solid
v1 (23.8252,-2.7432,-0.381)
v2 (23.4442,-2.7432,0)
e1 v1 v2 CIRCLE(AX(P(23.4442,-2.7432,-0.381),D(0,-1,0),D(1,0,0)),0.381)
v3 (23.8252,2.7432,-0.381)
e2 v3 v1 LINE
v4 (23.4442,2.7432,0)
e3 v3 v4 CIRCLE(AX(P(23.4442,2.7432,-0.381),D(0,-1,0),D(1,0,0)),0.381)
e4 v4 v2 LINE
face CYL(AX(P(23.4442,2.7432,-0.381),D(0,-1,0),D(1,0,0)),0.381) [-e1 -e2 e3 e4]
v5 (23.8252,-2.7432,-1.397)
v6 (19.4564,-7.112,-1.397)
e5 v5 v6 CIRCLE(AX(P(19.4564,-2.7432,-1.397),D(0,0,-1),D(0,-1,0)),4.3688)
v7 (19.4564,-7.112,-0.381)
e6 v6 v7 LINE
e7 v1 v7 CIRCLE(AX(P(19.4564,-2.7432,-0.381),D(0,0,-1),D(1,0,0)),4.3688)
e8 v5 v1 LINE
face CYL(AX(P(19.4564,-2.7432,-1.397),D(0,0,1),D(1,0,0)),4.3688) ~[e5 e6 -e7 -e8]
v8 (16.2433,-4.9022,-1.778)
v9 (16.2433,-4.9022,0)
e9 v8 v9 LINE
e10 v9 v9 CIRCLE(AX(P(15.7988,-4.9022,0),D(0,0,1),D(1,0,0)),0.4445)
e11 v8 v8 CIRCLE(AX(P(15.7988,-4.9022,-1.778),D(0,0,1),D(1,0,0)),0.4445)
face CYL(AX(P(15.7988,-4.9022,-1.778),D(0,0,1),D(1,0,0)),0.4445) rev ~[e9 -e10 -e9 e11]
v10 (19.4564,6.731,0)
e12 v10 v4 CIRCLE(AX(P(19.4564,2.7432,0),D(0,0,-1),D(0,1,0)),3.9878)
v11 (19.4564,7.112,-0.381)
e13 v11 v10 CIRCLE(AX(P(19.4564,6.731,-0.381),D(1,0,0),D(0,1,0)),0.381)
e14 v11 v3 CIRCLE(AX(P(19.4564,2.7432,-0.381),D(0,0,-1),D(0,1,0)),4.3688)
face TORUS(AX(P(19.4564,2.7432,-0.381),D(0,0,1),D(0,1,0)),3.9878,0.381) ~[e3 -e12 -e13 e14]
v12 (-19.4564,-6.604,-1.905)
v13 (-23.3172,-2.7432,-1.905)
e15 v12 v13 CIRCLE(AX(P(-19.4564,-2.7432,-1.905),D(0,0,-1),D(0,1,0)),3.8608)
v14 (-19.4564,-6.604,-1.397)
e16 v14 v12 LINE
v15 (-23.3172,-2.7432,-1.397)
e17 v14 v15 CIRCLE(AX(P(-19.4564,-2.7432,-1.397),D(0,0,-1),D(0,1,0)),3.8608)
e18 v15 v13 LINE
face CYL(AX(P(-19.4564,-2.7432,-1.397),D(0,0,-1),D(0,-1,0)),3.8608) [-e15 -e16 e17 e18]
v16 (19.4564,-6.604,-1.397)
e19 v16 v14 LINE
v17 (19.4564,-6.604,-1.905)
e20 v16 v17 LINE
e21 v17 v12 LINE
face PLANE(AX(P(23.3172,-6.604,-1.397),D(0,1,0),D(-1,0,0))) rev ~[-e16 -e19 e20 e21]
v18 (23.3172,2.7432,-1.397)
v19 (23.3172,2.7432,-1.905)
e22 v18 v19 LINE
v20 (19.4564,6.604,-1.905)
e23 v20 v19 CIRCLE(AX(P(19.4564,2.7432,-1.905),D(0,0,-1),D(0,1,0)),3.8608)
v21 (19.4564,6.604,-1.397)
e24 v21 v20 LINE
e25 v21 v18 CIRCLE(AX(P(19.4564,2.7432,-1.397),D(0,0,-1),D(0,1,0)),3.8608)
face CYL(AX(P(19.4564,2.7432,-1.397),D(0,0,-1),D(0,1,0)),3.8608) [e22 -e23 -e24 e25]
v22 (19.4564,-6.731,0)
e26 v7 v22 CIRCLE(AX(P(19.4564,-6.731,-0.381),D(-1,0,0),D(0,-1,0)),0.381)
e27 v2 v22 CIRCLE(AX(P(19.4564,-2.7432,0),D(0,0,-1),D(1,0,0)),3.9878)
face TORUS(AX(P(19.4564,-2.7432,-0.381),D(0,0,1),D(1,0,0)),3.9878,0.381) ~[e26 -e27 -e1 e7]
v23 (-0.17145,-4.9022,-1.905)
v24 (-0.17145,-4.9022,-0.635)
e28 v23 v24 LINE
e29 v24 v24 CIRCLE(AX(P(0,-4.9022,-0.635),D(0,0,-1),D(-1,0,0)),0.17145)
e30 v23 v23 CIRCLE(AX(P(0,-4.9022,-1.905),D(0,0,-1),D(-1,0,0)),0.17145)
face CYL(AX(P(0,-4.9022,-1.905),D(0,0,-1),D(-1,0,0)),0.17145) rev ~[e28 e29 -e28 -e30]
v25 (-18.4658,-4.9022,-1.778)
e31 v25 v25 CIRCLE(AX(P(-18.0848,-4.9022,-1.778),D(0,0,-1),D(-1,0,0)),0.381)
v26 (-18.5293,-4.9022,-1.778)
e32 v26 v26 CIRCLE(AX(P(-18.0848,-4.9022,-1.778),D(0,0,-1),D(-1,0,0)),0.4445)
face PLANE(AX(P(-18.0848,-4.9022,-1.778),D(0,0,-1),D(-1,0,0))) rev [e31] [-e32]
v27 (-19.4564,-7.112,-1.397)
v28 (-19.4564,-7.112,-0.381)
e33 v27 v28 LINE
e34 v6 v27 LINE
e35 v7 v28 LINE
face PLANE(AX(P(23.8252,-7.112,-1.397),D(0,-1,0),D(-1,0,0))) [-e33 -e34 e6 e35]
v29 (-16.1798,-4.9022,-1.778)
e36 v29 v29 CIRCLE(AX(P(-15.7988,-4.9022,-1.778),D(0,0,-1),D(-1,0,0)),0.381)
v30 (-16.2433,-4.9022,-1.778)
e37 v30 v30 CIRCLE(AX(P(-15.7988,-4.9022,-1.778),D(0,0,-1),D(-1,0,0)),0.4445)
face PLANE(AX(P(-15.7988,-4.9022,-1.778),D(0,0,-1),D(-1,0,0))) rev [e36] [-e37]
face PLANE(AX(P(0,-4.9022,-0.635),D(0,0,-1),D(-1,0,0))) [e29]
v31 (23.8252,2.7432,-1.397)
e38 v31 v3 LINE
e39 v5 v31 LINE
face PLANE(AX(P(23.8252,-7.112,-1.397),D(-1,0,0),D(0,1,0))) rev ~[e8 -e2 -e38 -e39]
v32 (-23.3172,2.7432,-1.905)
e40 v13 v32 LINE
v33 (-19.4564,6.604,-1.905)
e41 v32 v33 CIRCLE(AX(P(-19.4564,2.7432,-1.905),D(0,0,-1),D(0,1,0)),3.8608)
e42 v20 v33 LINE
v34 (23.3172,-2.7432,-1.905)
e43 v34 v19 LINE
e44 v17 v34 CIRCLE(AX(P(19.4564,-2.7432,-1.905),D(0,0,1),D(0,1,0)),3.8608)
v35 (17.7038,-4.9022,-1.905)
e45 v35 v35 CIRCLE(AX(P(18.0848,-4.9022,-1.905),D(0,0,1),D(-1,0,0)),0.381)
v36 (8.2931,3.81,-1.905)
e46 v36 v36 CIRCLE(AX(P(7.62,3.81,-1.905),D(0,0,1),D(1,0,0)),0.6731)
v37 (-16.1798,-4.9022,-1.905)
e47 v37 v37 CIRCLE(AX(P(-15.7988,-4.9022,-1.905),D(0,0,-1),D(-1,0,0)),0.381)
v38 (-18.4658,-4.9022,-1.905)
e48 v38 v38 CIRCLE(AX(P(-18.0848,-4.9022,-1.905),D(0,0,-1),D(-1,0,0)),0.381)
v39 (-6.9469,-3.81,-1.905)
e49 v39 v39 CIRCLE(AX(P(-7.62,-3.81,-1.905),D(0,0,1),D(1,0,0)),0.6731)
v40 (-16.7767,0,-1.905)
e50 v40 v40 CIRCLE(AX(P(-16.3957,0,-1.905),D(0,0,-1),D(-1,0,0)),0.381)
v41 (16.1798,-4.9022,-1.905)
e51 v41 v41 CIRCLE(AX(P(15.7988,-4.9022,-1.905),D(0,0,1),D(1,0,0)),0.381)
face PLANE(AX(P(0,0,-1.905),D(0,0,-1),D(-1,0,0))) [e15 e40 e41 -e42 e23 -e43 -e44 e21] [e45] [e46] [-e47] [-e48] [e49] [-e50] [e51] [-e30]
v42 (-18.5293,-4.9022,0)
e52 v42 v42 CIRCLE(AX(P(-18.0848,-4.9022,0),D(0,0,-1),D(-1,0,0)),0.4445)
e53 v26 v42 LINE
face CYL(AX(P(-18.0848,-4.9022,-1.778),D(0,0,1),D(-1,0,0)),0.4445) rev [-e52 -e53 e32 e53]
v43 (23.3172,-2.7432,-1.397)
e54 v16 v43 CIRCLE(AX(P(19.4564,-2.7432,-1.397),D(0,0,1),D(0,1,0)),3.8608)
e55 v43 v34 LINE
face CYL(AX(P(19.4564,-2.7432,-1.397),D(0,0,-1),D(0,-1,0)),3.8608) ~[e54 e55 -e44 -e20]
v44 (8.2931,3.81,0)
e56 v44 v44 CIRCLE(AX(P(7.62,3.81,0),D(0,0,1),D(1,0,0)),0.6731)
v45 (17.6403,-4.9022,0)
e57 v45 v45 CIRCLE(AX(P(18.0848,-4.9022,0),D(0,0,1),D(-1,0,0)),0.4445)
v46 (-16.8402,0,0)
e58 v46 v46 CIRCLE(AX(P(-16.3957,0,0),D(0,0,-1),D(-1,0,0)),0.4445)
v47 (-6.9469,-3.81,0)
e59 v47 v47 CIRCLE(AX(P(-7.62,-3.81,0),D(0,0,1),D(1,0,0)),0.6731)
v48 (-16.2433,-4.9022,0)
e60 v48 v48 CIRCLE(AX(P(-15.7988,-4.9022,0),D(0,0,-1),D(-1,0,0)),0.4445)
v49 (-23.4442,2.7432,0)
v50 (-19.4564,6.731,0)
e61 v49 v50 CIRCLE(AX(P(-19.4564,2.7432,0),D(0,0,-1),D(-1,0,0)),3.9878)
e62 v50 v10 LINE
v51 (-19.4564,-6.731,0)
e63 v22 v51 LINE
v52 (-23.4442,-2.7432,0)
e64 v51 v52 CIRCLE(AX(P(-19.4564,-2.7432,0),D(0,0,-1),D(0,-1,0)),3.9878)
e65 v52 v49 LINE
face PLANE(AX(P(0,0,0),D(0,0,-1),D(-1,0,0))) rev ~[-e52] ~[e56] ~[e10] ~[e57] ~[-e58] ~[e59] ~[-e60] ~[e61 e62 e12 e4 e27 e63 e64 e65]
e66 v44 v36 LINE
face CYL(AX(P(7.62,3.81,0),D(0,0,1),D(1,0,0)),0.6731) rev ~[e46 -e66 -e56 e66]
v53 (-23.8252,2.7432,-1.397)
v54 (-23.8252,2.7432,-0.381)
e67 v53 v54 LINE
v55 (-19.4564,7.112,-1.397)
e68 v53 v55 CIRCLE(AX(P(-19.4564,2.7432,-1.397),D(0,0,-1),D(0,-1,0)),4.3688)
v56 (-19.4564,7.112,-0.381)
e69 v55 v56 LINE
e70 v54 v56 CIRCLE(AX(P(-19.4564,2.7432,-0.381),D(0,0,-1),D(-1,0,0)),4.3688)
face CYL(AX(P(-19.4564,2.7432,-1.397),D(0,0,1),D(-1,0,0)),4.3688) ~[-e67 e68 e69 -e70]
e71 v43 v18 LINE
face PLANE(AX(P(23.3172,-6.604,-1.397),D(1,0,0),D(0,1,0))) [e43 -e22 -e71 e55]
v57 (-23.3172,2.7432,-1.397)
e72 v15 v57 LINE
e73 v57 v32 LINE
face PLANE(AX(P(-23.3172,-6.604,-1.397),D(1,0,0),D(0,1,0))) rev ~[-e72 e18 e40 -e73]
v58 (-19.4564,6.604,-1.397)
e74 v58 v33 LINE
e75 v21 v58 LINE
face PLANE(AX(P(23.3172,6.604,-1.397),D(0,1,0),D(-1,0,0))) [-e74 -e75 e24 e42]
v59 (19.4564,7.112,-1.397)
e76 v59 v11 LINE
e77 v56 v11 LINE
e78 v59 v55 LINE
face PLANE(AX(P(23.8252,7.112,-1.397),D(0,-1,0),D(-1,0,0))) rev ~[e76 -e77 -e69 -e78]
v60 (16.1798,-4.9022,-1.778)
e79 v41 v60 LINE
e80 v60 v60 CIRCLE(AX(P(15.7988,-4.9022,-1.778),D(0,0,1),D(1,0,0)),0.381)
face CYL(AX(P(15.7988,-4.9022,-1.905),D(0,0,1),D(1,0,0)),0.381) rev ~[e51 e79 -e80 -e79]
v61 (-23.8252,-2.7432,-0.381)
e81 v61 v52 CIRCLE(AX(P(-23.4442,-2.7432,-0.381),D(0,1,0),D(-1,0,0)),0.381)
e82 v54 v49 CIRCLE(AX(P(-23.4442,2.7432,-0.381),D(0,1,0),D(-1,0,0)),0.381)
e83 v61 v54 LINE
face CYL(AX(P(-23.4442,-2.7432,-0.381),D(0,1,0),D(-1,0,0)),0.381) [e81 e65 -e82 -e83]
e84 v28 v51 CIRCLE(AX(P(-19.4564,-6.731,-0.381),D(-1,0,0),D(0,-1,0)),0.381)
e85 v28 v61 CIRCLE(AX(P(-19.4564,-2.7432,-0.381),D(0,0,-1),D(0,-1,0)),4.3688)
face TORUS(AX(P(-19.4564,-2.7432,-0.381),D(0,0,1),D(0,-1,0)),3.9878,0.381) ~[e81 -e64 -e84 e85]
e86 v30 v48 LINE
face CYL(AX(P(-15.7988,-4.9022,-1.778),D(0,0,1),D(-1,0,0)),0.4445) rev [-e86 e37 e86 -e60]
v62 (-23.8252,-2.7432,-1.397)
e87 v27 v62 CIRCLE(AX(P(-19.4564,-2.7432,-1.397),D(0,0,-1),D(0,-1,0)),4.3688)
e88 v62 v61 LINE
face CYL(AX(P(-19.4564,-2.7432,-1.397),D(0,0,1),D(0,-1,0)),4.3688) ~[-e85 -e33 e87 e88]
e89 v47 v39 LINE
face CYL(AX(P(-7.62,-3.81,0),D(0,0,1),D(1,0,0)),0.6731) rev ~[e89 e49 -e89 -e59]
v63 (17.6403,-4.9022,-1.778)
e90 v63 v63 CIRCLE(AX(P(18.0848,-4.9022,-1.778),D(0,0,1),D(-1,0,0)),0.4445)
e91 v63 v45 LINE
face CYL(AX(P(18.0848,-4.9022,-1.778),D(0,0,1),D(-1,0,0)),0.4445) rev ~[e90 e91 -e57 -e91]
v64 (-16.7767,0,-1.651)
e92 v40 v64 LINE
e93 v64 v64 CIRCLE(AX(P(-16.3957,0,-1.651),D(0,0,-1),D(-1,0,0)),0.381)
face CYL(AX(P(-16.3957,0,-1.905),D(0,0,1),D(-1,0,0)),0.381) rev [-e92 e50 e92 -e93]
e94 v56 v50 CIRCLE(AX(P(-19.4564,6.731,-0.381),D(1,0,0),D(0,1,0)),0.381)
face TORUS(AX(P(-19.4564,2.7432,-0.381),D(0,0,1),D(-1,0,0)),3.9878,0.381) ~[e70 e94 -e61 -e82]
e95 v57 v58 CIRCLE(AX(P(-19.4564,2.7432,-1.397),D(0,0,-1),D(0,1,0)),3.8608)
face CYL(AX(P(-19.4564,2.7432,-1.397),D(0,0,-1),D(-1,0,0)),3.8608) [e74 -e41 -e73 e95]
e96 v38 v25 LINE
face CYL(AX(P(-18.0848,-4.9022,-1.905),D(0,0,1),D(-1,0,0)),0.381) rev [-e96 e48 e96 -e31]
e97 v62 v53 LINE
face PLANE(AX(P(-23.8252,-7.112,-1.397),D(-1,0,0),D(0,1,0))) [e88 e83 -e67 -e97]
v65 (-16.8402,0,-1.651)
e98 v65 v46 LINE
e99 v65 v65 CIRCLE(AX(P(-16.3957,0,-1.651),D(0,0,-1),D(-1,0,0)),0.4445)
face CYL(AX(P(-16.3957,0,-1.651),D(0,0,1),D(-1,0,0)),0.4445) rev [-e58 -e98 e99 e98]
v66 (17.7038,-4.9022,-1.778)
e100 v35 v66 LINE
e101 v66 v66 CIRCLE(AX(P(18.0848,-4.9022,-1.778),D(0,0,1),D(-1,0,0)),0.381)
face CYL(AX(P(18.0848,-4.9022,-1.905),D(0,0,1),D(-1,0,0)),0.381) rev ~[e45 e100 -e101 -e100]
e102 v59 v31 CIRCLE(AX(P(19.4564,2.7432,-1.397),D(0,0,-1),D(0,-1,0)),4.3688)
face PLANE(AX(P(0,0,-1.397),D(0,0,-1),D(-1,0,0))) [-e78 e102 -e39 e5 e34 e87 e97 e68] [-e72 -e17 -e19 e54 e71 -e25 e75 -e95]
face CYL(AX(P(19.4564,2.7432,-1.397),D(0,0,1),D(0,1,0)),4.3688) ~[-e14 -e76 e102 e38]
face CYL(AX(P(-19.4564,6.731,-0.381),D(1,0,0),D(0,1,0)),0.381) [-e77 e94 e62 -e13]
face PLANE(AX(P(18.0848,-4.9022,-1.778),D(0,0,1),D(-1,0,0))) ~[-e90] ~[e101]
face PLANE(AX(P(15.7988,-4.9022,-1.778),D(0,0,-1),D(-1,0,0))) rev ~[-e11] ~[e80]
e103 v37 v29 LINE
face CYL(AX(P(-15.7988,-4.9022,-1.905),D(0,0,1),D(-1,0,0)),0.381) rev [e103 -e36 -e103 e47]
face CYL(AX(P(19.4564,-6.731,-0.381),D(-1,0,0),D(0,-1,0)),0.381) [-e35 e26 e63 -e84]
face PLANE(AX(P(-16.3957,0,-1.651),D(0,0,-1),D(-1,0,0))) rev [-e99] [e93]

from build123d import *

# Parameters (mm, degrees)
SKETCH1_W           = 47.6504
SKETCH1_H           = 14.224
BOSS_EXTRUDE1_DEPTH = 1.397
SKETCH2_W           = 46.6344
SKETCH2_H           = 13.208
BOSS_EXTRUDE2_DEPTH = 0.508
FILLET1_R           = 3.8608
FILLET2_R           = 3.8608
FILLET3_R           = 3.8608
FILLET4_R           = 3.8608
FILLET5_R           = 4.3688
FILLET6_R           = 4.3688
FILLET7_R           = 4.3688
FILLET8_R           = 4.3688
FILLET9_R           = 0.381
LPATTERN1_COUNT     = 2
LPATTERN1_PITCH     = 2.286
SKETCH7_R           = 0.6731
CUT_EXTRUDE1_DEPTH  = 25.936914886
SKETCH8_R           = 0.17145
CUT_EXTRUDE2_DEPTH  = 1.27


with BuildPart() as part:
    # Sketch1 → Boss-Extrude1 (new body)
    with BuildSketch(Plane(origin=(0, 0, -1.397), x_dir=(-1, 0, 0), z_dir=(0, 0, -1))):
        Rectangle(SKETCH1_W, SKETCH1_H)
    extrude(amount=-BOSS_EXTRUDE1_DEPTH)

    # Sketch2 → Boss-Extrude2 (add)
    with BuildSketch(Plane(origin=(0, 0, -1.397), x_dir=(-1, 0, 0), z_dir=(0, 0, -1))):
        Rectangle(SKETCH2_W, SKETCH2_H)
    extrude(amount=BOSS_EXTRUDE2_DEPTH)

    # Sketch3 → Cut-Revolve1 (revolve, cut)
    with BuildSketch(Plane.XZ, mode=Mode.PRIVATE) as cut_revolve1_sk:
        Polygon((-15.9512, 0), (-16.3957, 0), (-16.3957, -1.905), (-16.0147, -1.905), (-16.0147, -1.651), (-15.9512, -1.651), align=None)
    revolve(cut_revolve1_sk.sketch.rotate(Axis((-16.3957, 0, 0), (0, 0, -1)), 180), axis=Axis((-16.3957, 0, 0), (0, 0, -1)), mode=Mode.SUBTRACT)

    # Sketch6 → Cut-Revolve4 (revolve, cut)
    with BuildSketch(Plane.XZ.offset(4.9022), mode=Mode.PRIVATE) as cut_revolve4_sk:
        Polygon((-15.3543, 0), (-15.7988, 0), (-15.7988, -1.905), (-15.4178, -1.905), (-15.4178, -1.778), (-15.3543, -1.778), align=None)
    cut_revolve4 = revolve(cut_revolve4_sk.sketch.rotate(Axis((-15.7988, -4.9022, 0), (0, 0, -1)), 180), axis=Axis((-15.7988, -4.9022, 0), (0, 0, -1)), mode=Mode.SUBTRACT)

    # Fillet1
    fillet1_edges = [part.edges().sort_by_distance(p)[0] for p in [
        (23.3172, -6.604, -1.651),
    ]]
    fillet(fillet1_edges, radius=FILLET1_R)

    # Fillet2
    fillet2_edges = [part.edges().sort_by_distance(p)[0] for p in [
        (-23.3172, -6.604, -1.651),
    ]]
    fillet(fillet2_edges, radius=FILLET2_R)

    # Fillet3
    fillet3_edges = [part.edges().sort_by_distance(p)[0] for p in [
        (-23.3172, 6.604, -1.651),
    ]]
    fillet(fillet3_edges, radius=FILLET3_R)

    # Fillet4
    fillet4_edges = [part.edges().sort_by_distance(p)[0] for p in [
        (23.3172, 6.604, -1.651),
    ]]
    fillet(fillet4_edges, radius=FILLET4_R)

    # Fillet5
    fillet5_edges = [part.edges().sort_by_distance(p)[0] for p in [
        (-23.8252, -7.112, -0.6985),
    ]]
    fillet(fillet5_edges, radius=FILLET5_R)

    # Fillet6
    fillet6_edges = [part.edges().sort_by_distance(p)[0] for p in [
        (-23.8252, 7.112, -0.6985),
    ]]
    fillet(fillet6_edges, radius=FILLET6_R)

    # Fillet7
    fillet7_edges = [part.edges().sort_by_distance(p)[0] for p in [
        (23.8252, 7.112, -0.6985),
    ]]
    fillet(fillet7_edges, radius=FILLET7_R)

    # Fillet8
    fillet8_edges = [part.edges().sort_by_distance(p)[0] for p in [
        (23.8252, -7.112, -0.6985),
    ]]
    fillet(fillet8_edges, radius=FILLET8_R)

    # Fillet9
    fillet9_edges = [part.edges().sort_by_distance(p)[0] for p in [
        (-23.8252, 0, 0),
        (-22.545608106, -5.832408106, 0),
        (0, 7.112, 0),
        (-22.545608106, 5.832408106, 0),
        (23.8252, 0, 0),
        (22.545608106, 5.832408106, 0),
        (0, -7.112, 0),
        (22.545608106, -5.832408106, 0),
    ]]
    fillet(fillet9_edges, radius=FILLET9_R)

    # LPattern1: Cut-Revolve4 ×2
    with Locations(*[(-i * LPATTERN1_PITCH, 0, 0) for i in range(1, LPATTERN1_COUNT)]):
        add(cut_revolve4, mode=Mode.SUBTRACT)

    # Mirror1: Cut-Revolve4 across plane
    add(cut_revolve4.mirror(Plane(origin=(0, 0, 0), x_dir=(0, 0, 1), z_dir=(1, 0, 0))), mode=Mode.SUBTRACT)

    # Mirror1 copy 1 sketch → Mirror1 copy 1 (revolve, cut)
    with BuildSketch(Plane(origin=(2.286, -4.9022, 0), x_dir=(-1, 0, 0), z_dir=(0, -1, 0))):
        Polygon((-15.3543, 0), (-15.7988, 0), (-15.7988, 1.905), (-15.4178, 1.905), (-15.4178, 1.778), (-15.3543, 1.778), align=None)
    revolve(axis=Axis((18.0848, -4.9022, 0), (0, 0, 1)), mode=Mode.SUBTRACT)

    # Sketch7 → Cut-Extrude1 (cut, through all)
    with BuildSketch(Plane.XY):
        with Locations((-7.62, -3.81)):
            Circle(SKETCH7_R)
        with Locations((7.62, 3.81)):
            Circle(SKETCH7_R)
    extrude(amount=-CUT_EXTRUDE1_DEPTH, mode=Mode.SUBTRACT)

    # Sketch8 → Cut-Extrude2 (cut)
    with BuildSketch(Plane(origin=(0, 0, -1.905), x_dir=(-1, 0, 0), z_dir=(0, 0, -1))):
        with Locations((0, -4.9022)):
            Circle(SKETCH8_R)
    extrude(amount=-CUT_EXTRUDE2_DEPTH, mode=Mode.SUBTRACT)


solid = part.part
